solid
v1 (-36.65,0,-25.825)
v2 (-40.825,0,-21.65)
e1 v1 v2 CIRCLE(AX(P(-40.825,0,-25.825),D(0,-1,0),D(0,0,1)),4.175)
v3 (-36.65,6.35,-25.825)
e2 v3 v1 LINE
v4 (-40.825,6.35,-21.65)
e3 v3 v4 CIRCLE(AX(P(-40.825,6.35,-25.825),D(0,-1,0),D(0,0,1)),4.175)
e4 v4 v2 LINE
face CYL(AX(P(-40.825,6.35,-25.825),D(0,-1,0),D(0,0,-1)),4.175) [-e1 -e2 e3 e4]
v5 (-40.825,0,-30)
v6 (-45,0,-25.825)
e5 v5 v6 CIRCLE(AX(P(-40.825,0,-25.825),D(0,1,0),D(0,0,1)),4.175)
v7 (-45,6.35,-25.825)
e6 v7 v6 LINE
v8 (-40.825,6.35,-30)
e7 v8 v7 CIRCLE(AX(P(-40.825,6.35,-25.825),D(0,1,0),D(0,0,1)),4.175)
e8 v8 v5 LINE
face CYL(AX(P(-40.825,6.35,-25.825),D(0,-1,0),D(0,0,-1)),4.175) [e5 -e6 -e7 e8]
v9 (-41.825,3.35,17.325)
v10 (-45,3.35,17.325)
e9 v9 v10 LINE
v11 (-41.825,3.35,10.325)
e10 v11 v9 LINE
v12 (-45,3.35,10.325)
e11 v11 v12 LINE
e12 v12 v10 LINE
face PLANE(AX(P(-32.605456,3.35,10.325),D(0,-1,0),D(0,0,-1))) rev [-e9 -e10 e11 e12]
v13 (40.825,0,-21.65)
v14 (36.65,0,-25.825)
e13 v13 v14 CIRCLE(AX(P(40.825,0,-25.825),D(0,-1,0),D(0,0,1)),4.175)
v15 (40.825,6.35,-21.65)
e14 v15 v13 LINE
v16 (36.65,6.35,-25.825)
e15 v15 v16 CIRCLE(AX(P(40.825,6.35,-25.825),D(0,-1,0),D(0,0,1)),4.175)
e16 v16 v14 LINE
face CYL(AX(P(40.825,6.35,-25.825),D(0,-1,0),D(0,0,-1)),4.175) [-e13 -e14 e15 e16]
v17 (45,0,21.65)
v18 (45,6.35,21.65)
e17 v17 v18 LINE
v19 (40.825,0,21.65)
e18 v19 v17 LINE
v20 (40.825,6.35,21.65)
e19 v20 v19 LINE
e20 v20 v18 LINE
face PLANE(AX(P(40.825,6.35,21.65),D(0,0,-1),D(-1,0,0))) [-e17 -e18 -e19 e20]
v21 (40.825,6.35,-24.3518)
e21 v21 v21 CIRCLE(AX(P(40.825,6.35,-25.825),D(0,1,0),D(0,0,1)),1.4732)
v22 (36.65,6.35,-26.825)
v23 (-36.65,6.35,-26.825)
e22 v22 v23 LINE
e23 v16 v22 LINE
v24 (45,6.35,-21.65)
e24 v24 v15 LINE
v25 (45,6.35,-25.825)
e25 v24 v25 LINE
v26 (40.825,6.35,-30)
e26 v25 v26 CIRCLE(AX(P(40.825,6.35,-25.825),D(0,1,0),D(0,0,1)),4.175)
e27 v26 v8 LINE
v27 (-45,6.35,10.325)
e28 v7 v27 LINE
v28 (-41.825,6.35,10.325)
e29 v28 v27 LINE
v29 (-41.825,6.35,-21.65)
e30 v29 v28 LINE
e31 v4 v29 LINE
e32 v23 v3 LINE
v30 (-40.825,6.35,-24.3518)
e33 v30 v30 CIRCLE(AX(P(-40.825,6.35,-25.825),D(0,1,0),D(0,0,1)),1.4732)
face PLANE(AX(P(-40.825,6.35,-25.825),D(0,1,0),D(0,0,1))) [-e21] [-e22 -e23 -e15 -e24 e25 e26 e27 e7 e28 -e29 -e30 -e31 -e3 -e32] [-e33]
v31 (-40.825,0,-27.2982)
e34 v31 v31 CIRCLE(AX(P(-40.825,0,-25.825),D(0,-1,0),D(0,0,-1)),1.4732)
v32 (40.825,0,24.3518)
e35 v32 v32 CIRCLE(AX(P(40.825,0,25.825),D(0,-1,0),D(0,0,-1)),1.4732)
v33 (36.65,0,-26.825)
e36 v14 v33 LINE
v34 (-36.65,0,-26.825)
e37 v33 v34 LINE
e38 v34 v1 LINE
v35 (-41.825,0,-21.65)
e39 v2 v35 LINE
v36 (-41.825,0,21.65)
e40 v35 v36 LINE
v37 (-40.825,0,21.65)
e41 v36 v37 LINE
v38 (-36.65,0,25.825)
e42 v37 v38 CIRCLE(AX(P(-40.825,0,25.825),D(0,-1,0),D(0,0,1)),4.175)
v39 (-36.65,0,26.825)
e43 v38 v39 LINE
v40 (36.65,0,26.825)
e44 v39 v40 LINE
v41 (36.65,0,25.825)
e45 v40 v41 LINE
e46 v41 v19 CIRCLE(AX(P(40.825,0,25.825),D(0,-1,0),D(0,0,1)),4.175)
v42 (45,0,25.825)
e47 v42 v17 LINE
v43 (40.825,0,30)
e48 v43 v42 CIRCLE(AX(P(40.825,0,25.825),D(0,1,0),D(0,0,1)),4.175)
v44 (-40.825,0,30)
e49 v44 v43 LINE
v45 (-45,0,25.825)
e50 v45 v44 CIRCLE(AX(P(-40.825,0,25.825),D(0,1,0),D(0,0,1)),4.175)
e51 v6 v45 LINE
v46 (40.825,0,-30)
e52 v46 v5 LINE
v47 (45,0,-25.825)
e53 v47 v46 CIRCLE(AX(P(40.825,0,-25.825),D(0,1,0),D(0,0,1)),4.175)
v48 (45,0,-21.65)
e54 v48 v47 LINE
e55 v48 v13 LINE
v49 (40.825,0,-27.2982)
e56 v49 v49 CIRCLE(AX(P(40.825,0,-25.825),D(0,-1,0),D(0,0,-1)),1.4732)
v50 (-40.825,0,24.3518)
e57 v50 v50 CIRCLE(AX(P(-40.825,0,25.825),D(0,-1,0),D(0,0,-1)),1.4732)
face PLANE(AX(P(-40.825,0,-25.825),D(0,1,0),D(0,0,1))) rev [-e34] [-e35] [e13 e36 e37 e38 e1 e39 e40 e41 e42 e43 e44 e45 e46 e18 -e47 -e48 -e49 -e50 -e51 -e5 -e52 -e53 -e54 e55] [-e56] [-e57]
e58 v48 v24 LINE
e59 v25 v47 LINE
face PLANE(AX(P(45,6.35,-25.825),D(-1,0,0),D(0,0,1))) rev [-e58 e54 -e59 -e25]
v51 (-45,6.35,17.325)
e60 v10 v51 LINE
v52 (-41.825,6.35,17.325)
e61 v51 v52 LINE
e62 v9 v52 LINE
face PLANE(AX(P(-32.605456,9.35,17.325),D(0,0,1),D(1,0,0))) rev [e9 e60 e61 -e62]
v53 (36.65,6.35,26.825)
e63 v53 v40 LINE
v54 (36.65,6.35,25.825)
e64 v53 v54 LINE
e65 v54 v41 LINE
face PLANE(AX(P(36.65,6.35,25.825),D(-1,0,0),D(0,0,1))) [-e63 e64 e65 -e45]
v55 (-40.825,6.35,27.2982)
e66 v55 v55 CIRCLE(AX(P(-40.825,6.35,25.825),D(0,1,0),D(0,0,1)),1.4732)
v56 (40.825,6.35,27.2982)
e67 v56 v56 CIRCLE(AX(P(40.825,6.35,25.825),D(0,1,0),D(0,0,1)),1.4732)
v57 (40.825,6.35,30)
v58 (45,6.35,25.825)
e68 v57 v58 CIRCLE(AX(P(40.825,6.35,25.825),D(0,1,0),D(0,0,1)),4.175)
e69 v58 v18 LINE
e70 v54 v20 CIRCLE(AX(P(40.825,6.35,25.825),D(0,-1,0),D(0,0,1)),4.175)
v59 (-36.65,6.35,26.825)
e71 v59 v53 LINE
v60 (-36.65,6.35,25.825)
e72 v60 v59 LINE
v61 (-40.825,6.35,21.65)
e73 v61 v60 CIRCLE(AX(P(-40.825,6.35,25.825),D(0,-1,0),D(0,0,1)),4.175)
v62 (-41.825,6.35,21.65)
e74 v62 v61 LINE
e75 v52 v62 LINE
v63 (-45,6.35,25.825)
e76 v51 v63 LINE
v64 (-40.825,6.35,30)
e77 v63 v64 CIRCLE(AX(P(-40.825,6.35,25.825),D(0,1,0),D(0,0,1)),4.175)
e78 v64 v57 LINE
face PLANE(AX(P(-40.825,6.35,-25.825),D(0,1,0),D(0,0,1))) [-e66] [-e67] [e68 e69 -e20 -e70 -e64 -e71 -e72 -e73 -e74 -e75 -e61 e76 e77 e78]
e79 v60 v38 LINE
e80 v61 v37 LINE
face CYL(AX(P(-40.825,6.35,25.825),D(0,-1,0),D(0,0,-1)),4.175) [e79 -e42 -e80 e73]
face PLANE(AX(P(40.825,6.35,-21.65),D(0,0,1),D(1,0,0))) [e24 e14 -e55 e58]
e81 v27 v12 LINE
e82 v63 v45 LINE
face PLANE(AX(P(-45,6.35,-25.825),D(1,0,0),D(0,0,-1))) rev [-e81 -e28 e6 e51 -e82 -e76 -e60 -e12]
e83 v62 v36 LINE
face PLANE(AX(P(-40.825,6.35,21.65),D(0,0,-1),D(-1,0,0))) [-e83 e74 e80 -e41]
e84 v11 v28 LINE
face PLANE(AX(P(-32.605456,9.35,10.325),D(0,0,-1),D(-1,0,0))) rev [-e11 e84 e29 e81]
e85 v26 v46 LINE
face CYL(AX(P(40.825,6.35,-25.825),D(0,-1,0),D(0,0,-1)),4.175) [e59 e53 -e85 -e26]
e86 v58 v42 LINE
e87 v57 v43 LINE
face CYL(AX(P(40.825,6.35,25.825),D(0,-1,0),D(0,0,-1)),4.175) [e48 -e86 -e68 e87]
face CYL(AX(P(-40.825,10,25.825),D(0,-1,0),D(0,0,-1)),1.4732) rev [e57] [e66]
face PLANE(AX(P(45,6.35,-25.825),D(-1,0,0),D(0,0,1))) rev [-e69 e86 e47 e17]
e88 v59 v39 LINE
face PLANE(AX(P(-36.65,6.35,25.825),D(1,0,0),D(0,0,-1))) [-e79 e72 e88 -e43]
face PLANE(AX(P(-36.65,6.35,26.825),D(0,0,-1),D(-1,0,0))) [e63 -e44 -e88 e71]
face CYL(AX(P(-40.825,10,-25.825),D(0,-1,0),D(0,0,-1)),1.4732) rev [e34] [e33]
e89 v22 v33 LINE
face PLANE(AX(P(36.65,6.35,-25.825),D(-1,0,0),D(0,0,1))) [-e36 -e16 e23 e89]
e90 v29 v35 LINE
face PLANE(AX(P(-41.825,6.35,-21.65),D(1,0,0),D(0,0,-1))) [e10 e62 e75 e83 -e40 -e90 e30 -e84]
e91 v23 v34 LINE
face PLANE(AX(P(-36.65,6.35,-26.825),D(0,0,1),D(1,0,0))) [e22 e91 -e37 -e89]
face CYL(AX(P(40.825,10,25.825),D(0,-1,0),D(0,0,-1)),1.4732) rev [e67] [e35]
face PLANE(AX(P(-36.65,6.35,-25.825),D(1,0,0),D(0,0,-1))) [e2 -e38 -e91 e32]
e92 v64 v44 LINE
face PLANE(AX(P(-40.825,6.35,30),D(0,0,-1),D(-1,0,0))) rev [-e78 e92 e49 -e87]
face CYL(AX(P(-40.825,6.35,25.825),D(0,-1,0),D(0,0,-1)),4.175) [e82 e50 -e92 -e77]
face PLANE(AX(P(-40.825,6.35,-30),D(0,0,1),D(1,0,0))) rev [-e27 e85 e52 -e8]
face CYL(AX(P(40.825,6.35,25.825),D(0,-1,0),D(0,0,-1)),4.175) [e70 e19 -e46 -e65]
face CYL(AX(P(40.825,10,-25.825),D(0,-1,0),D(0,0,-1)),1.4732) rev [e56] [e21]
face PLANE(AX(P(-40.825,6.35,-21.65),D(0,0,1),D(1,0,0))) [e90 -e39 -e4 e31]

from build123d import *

# Parameters (mm, degrees)
BOSS_EXTRUDE3_DEPTH = 6.35
ANTENNA_HOLE_SIZE_W = 7
ANTENNA_HOLE_SIZE_H = 6
CUT_EXTRUDE3_DEPTH  = 3.175
SKETCH7_R           = 1.4732
CUT_EXTRUDE4_DEPTH  = 10
SKETCH8_W           = 3.175
SKETCH8_H           = 43.3
CUT_EXTRUDE5_DEPTH  = 55.454774814


with BuildPart() as part:
    # Sketch2 → Boss-Extrude3 (new body)
    with BuildSketch(Plane(origin=(0, 0, 0), x_dir=(1, 0, 0), z_dir=(0, 1, 0))):
        with BuildLine():
            Line((-45, 25.825), (-45, -25.825))
            ThreePointArc((-45, -25.825), (-43.777170811, -28.777170811), (-40.825, -30))
            Line((-40.825, -30), (40.825, -30))
            ThreePointArc((40.825, -30), (43.777170811, -28.777170811), (45, -25.825))
            Line((45, -25.825), (45, 25.825))
            ThreePointArc((45, 25.825), (43.777170811, 28.777170811), (40.825, 30))
            Line((40.825, 30), (-40.825, 30))
            ThreePointArc((-40.825, 30), (-43.777170811, 28.777170811), (-45, 25.825))
        make_face()
        with BuildLine():
            Line((40.825, 21.65), (41.825, 21.65))
            Line((41.825, 21.65), (41.825, -21.65))
            Line((41.825, -21.65), (40.825, -21.65))
            ThreePointArc((40.825, -21.65), (37.872829189, -22.872829189), (36.65, -25.825))
            Line((36.65, -25.825), (36.65, -26.825))
            Line((36.65, -26.825), (-36.65, -26.825))
            Line((-36.65, -26.825), (-36.65, -25.825))
            ThreePointArc((-36.65, -25.825), (-37.872829189, -22.872829189), (-40.825, -21.65))
            Line((-40.825, -21.65), (-41.825, -21.65))
            Line((-41.825, -21.65), (-41.825, 21.65))
            Line((-41.825, 21.65), (-40.825, 21.65))
            ThreePointArc((-40.825, 21.65), (-37.872829189, 22.872829189), (-36.65, 25.825))
            Line((-36.65, 25.825), (-36.65, 26.825))
            Line((-36.65, 26.825), (36.65, 26.825))
            Line((36.65, 26.825), (36.65, 25.825))
            ThreePointArc((36.65, 25.825), (37.872829189, 22.872829189), (40.825, 21.65))
        make_face(mode=Mode.SUBTRACT)
    extrude(amount=BOSS_EXTRUDE3_DEPTH)

    # Antenna Hole Size → Cut-Extrude3 (cut)
    with BuildSketch(Plane.ZY.offset(45)):
        with Locations((13.825, 6.35)):
            Rectangle(ANTENNA_HOLE_SIZE_W, ANTENNA_HOLE_SIZE_H)
    extrude(amount=-CUT_EXTRUDE3_DEPTH, mode=Mode.SUBTRACT)

    # Sketch7 → Cut-Extrude4 (cut)
    with BuildSketch(Plane.XZ):
        with Locations(Location((-40.825, -25.825, 0), (0, 0, 270))):
            Circle(SKETCH7_R)
        with Locations(Location((-40.825, 25.825, 0), (0, 0, 270))):
            Circle(SKETCH7_R)
        with Locations(Location((40.825, 25.825, 0), (0, 0, 270))):
            Circle(SKETCH7_R)
        with Locations(Location((40.825, -25.825, 0), (0, 0, 270))):
            Circle(SKETCH7_R)
    extrude(amount=-CUT_EXTRUDE4_DEPTH, mode=Mode.SUBTRACT)

    # Sketch8 → Cut-Extrude5 (cut, through all)
    with BuildSketch(Plane(origin=(0, 6.35, 0), x_dir=(1, 0, 0), z_dir=(0, 1, 0))):
        with Locations((43.4125, 0)):
            Rectangle(SKETCH8_W, SKETCH8_H)
    extrude(amount=-CUT_EXTRUDE5_DEPTH, mode=Mode.SUBTRACT)


solid = part.part
